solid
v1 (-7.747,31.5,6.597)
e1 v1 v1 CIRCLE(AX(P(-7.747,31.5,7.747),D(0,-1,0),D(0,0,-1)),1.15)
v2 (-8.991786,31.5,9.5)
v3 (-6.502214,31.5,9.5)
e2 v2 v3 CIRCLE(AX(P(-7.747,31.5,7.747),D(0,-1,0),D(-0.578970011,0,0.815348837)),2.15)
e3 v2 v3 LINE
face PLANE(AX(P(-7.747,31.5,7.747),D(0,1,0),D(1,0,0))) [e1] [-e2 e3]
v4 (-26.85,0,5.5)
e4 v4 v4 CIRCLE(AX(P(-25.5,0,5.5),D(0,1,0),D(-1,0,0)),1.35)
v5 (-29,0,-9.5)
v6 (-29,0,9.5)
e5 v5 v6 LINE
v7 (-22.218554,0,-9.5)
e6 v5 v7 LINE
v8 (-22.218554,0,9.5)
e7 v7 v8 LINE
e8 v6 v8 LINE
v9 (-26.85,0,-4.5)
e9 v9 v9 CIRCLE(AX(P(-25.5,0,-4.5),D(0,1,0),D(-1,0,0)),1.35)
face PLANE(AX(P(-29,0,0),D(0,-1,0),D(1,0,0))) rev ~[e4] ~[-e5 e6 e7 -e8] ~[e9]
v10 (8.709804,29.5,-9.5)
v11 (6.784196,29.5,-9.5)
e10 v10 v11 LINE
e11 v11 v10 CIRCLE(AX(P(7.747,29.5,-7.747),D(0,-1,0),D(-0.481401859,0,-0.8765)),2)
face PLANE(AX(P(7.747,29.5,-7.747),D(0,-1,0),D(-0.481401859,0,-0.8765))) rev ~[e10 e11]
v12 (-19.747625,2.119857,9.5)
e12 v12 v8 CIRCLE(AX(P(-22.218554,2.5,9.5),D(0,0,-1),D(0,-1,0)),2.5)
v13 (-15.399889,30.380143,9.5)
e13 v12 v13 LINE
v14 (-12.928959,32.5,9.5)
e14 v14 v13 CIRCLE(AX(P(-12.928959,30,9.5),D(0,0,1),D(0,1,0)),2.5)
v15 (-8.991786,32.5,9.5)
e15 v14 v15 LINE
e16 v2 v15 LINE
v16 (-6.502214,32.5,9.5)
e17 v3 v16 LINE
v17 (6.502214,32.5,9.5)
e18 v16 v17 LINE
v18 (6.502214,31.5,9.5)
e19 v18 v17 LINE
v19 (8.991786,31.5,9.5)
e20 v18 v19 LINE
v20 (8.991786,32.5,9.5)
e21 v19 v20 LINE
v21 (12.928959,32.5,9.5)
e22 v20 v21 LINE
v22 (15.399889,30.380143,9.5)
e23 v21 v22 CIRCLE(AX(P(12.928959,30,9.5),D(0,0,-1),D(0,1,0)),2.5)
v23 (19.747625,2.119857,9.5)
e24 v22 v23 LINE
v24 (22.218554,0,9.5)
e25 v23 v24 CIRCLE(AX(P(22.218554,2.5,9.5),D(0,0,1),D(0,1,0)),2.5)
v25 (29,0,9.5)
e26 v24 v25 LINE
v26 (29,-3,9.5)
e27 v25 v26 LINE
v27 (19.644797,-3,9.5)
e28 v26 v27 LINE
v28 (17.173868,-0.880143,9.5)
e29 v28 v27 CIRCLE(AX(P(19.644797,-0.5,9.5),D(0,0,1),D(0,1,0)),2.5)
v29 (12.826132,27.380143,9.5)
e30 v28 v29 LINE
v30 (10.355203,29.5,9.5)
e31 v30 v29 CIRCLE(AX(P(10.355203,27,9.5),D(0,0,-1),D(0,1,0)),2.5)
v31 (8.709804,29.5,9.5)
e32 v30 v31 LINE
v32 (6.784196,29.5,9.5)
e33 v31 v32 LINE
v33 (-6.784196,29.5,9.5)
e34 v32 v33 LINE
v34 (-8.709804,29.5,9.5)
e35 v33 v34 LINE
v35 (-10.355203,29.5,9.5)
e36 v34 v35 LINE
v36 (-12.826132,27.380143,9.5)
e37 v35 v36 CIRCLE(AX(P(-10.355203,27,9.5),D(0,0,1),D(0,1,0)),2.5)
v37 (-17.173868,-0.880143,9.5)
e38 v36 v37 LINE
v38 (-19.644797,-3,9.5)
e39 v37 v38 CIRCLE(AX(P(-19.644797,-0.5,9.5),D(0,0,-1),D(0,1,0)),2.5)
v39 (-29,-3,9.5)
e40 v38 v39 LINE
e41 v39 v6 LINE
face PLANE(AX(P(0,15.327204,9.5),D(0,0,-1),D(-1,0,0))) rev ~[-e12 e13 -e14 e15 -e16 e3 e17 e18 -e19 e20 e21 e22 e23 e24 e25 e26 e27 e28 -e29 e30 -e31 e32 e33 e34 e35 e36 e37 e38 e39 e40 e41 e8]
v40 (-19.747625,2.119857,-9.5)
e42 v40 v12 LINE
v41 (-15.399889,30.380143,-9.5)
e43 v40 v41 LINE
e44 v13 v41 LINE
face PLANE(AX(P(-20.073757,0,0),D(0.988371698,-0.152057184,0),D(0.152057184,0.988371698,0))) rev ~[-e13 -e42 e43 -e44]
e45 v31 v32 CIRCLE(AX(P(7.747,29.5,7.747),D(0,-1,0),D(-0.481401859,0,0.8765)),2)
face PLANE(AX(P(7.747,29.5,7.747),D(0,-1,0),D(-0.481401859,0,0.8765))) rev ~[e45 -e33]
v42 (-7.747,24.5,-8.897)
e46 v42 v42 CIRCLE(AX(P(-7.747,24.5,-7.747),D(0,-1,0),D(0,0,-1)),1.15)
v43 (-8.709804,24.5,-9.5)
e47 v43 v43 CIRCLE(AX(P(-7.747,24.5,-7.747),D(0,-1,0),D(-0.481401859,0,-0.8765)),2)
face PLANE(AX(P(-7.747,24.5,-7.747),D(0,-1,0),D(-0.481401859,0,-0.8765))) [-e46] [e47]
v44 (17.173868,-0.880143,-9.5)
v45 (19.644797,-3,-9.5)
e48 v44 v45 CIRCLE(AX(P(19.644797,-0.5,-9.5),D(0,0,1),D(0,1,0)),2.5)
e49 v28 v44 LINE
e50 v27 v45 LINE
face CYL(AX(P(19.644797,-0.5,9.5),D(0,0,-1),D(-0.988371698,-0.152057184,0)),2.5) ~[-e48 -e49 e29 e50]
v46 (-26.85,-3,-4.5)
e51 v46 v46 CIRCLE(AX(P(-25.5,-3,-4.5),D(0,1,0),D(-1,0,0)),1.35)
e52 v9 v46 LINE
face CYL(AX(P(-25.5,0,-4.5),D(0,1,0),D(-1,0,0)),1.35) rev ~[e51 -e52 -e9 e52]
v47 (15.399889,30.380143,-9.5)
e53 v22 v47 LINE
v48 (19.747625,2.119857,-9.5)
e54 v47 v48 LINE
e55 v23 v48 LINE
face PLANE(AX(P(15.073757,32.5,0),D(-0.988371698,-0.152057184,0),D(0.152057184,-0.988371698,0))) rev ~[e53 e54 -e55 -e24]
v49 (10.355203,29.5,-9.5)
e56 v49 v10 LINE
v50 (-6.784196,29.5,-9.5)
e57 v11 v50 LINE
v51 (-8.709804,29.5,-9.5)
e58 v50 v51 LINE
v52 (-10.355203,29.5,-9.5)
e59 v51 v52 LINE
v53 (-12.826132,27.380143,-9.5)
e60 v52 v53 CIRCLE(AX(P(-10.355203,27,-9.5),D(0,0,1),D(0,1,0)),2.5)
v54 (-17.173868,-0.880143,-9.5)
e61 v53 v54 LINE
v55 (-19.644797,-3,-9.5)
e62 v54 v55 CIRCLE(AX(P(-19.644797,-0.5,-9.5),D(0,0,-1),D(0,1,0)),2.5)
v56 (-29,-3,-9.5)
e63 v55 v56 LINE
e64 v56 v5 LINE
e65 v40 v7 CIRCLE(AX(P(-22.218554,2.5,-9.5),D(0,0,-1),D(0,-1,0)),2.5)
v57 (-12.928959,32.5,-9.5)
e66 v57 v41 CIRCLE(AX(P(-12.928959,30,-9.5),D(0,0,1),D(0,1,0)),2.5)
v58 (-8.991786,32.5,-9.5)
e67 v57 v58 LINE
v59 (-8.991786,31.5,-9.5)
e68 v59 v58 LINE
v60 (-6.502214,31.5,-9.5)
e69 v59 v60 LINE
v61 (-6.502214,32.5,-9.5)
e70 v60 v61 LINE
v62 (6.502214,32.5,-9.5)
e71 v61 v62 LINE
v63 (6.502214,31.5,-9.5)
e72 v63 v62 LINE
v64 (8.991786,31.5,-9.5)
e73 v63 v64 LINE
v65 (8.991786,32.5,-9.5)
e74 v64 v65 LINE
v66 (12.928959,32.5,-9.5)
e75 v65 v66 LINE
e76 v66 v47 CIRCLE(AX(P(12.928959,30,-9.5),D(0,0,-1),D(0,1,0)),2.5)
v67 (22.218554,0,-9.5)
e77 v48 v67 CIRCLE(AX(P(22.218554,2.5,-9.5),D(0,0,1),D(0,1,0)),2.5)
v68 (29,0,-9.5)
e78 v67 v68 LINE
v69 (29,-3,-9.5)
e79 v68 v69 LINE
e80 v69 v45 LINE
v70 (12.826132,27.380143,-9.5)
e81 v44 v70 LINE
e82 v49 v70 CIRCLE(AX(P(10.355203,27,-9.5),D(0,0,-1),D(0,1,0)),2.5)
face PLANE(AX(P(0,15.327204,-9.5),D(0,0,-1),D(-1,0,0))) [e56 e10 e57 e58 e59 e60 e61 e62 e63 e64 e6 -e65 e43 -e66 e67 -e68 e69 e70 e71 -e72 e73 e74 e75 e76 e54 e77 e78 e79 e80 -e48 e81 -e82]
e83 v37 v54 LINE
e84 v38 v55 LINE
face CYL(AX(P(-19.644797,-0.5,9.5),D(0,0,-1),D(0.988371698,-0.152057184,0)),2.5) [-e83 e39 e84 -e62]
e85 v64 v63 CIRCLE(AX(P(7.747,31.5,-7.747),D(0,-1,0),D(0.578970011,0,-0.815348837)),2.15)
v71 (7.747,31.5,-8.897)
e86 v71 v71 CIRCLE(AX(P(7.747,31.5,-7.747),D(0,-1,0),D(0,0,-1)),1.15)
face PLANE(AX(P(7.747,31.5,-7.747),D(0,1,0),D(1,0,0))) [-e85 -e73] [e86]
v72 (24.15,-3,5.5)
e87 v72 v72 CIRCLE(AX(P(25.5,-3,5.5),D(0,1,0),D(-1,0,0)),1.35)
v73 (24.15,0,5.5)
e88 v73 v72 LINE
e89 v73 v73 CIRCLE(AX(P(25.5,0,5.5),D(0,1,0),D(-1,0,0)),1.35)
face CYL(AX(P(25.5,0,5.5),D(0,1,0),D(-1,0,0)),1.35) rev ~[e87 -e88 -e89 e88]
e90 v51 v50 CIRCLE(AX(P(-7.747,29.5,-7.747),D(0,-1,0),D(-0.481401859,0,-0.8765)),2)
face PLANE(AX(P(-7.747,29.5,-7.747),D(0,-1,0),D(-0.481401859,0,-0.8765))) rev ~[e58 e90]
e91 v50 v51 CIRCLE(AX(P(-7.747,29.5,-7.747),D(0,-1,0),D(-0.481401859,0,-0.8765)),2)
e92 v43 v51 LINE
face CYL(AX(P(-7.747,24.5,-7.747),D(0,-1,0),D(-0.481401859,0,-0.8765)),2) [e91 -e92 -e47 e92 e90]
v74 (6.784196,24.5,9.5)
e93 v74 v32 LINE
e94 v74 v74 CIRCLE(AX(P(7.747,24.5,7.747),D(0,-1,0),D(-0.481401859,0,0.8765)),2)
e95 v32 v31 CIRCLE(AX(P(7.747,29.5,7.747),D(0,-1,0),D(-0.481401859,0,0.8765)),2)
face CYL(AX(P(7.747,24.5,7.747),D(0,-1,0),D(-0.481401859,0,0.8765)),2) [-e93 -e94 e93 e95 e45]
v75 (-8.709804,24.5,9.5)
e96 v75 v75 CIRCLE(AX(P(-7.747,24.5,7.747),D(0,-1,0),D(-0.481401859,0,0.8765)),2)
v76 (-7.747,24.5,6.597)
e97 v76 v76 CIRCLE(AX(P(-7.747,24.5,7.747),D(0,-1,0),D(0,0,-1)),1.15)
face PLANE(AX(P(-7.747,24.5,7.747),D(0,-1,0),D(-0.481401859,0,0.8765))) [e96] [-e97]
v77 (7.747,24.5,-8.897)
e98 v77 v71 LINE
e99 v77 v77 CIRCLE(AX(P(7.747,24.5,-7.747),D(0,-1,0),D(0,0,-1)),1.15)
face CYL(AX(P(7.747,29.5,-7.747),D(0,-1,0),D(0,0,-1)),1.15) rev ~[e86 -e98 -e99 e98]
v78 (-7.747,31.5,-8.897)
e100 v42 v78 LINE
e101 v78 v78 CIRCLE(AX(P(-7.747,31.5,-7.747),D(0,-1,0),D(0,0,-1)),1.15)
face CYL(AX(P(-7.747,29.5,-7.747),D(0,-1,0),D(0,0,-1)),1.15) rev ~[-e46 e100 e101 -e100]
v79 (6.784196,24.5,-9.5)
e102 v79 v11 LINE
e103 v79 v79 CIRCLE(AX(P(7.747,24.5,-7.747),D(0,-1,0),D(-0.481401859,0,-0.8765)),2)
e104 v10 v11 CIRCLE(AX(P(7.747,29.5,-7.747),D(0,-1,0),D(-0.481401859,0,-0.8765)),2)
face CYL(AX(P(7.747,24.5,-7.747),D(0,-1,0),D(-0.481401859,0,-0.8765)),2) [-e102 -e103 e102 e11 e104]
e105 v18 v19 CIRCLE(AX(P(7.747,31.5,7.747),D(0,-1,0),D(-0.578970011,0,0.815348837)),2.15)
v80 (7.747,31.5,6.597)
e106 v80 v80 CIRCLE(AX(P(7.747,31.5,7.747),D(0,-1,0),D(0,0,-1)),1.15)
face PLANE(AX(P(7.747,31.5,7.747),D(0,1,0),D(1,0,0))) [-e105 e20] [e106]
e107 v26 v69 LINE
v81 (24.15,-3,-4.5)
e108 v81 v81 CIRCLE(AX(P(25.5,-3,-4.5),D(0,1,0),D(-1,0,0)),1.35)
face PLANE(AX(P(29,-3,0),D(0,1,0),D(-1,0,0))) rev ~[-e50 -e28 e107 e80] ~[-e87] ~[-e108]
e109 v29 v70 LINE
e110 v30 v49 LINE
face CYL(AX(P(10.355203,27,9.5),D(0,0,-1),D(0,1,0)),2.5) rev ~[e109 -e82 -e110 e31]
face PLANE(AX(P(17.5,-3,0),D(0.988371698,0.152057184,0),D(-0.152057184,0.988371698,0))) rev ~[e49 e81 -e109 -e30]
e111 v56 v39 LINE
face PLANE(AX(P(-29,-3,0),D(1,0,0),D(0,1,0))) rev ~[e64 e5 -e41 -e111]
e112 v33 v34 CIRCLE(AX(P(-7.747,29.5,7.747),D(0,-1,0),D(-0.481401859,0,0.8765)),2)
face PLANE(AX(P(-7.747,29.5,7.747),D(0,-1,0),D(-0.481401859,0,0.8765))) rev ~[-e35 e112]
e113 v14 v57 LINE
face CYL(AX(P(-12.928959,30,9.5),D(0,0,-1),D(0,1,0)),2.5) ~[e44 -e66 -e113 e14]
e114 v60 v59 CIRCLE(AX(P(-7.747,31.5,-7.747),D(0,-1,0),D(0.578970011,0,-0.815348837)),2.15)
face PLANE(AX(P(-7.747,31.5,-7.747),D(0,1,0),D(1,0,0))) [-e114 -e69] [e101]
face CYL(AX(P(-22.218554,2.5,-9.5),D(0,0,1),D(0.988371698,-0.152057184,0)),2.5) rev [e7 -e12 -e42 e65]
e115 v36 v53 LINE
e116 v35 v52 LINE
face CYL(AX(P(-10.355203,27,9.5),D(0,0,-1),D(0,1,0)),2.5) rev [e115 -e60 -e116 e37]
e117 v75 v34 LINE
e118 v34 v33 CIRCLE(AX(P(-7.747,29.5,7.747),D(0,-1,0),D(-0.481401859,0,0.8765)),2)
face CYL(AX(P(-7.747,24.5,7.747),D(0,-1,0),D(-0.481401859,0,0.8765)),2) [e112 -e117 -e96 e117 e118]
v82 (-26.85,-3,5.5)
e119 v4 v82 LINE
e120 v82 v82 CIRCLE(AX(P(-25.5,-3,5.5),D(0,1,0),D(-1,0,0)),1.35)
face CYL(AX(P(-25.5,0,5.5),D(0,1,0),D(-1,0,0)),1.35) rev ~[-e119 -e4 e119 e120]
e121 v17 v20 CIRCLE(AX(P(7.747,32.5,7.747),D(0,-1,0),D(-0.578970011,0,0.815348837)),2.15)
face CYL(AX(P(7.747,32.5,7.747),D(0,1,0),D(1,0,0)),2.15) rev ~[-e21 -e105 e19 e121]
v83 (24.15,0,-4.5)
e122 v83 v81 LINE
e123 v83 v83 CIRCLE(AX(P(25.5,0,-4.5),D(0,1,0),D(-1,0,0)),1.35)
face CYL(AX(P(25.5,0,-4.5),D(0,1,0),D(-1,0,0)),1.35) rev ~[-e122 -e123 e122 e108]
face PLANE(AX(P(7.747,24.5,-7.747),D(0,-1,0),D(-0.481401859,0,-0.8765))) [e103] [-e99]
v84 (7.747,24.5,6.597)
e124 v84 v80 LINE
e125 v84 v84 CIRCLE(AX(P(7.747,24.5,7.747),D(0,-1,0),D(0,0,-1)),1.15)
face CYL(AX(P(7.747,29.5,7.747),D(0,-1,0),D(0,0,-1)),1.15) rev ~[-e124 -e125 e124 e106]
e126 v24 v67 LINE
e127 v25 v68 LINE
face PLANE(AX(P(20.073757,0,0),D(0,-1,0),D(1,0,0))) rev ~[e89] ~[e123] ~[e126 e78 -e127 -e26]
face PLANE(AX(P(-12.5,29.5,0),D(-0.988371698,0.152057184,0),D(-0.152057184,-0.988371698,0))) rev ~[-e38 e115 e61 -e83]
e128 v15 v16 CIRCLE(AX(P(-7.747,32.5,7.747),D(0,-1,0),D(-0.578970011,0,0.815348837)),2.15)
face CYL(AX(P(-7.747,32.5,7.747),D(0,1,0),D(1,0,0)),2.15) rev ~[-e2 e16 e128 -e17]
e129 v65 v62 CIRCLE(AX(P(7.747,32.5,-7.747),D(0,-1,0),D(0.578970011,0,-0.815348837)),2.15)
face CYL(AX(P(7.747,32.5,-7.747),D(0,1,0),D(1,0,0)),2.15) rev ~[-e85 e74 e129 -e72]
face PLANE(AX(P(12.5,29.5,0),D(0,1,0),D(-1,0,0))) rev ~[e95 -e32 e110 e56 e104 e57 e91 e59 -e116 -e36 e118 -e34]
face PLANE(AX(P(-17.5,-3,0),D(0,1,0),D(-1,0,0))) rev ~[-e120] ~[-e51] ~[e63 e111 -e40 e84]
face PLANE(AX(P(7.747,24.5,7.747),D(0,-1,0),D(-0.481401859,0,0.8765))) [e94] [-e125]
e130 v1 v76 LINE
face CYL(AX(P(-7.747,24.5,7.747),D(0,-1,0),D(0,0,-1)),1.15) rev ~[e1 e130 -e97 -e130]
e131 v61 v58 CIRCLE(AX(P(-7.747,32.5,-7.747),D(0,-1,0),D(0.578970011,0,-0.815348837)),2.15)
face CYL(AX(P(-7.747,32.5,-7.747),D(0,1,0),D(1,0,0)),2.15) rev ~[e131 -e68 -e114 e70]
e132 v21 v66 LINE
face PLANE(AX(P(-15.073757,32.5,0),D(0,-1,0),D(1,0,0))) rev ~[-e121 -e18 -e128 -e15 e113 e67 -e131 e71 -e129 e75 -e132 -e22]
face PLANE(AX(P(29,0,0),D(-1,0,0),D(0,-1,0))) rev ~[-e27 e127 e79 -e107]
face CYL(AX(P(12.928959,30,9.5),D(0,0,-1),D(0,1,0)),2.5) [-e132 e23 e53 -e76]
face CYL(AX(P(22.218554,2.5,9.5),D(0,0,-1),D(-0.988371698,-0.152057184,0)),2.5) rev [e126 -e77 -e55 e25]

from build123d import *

# Parameters (mm, degrees)
EXTRUDE_1_DEPTH     = 9.5
SKETCH_2_R          = 1.15
CUT_EXTRUDE_1_DEPTH = 45.58138625
EXTRUDE_START       = 5
SKETCH_3_R          = 2
SKETCH_3_R_2        = 1.15
EXTRUDE_2_DEPTH     = 5
SKETCH_4_R          = 1.35
CUT_EXTRUDE_2_DEPTH = 45.634672722
FILLET_1_R          = 2.5
SKETCH_5_R          = 2.15
CUT_EXTRUDE_3_DEPTH = 1


with BuildPart() as part:
    # 草图1 → 凸台-拉伸1 (new, symmetric)
    with BuildSketch(Plane.XY):
        Polygon((-20.07375687, 0), (-15.07375687, 32.5), (15.07375687, 32.5), (20.07375687, 0), (29, 0), (29, -3), (17.5, -3), (12.5, 29.5), (-12.5, 29.5), (-17.5, -3), (-29, -3), (-29, 0), align=None)
    extrude(amount=EXTRUDE_1_DEPTH, both=True)

    # 草图2 → 切除-拉伸1 (cut, through all)
    with BuildSketch(Plane.XZ.offset(-29.5)):
        with Locations(Location((-7.747, 7.747, 0), (0, 0, 270))):
            Circle(SKETCH_2_R)
        with Locations(Location((7.747, 7.747, 0), (0, 0, 270))):
            Circle(SKETCH_2_R)
        with Locations(Location((7.747, -7.747, 0), (0, 0, 270))):
            Circle(SKETCH_2_R)
        with Locations(Location((-7.747, -7.747, 0), (0, 0, 270))):
            Circle(SKETCH_2_R)
    extrude(amount=-CUT_EXTRUDE_1_DEPTH, mode=Mode.SUBTRACT)

    # 草图3 → 凸台-拉伸2 (add)
    # profile 1 of 4: a face of its own
    with BuildSketch(Plane.XZ.offset(-29.5).offset(EXTRUDE_START)):
        with Locations(Location((-7.747, 7.747, 0), (0, 0, 118.776999733))):
            Circle(SKETCH_3_R)
        with Locations(Location((-7.747, 7.747, 0), (0, 0, 270))):
            Circle(SKETCH_3_R_2, mode=Mode.SUBTRACT)
    # profile 2 of 4: a face of its own
    with BuildSketch(Plane.XZ.offset(-29.5).offset(EXTRUDE_START)):
        with Locations(Location((7.747, 7.747, 0), (0, 0, 118.776999733))):
            Circle(SKETCH_3_R)
        with Locations(Location((7.747, 7.747, 0), (0, 0, 270))):
            Circle(SKETCH_3_R_2, mode=Mode.SUBTRACT)
    # profile 3 of 4: a face of its own
    with BuildSketch(Plane.XZ.offset(-29.5).offset(EXTRUDE_START)):
        with Locations(Location((7.747, -7.747, 0), (0, 0, 241.223000267))):
            Circle(SKETCH_3_R)
        with Locations(Location((7.747, -7.747, 0), (0, 0, 270))):
            Circle(SKETCH_3_R_2, mode=Mode.SUBTRACT)
    # profile 4 of 4: a face of its own
    with BuildSketch(Plane.XZ.offset(-29.5).offset(EXTRUDE_START)):
        with Locations(Location((-7.747, -7.747, 0), (0, 0, 241.223000267))):
            Circle(SKETCH_3_R)
        with Locations(Location((-7.747, -7.747, 0), (0, 0, 270))):
            Circle(SKETCH_3_R_2, mode=Mode.SUBTRACT)
    extrude(amount=-EXTRUDE_2_DEPTH)

    # 草图4 → 切除-拉伸2 (cut, through all)
    with BuildSketch(Plane(origin=(0, 0, 0), x_dir=(1, 0, 0), z_dir=(0, 1, 0))):
        with Locations(Location((-25.5, 4.5, 0), (0, 0, 180))):
            Circle(SKETCH_4_R)
        with Locations(Location((-25.5, -5.5, 0), (0, 0, 180))):
            Circle(SKETCH_4_R)
        with Locations(Location((25.5, 4.5, 0), (0, 0, 180))):
            Circle(SKETCH_4_R)
        with Locations(Location((25.5, -5.5, 0), (0, 0, 180))):
            Circle(SKETCH_4_R)
    extrude(amount=-CUT_EXTRUDE_2_DEPTH, mode=Mode.SUBTRACT)

    # 圆角1
    fillet_1_edges = [part.edges().sort_by_distance(p)[0] for p in [
        (-20.07375687, 0, 0),
        (-15.07375687, 32.5, 0),
        (15.07375687, 32.5, 0),
        (20.07375687, 0, 0),
        (17.5, -3, 0),
        (12.5, 29.5, 0),
        (-12.5, 29.5, 0),
        (-17.5, -3, 0),
    ]]
    fillet(fillet_1_edges, radius=FILLET_1_R)

    # 草图5 → 切除-拉伸3 (cut)
    with BuildSketch(Plane(origin=(0, 32.5, 0), x_dir=(1, 0, 0), z_dir=(0, 1, 0))):
        with Locations((-7.747, -7.747)):
            Circle(SKETCH_5_R)
        with Locations((7.747, -7.747)):
            Circle(SKETCH_5_R)
        with Locations((7.747, 7.747)):
            Circle(SKETCH_5_R)
        with Locations((-7.747, 7.747)):
            Circle(SKETCH_5_R)
    extrude(amount=-CUT_EXTRUDE_3_DEPTH, mode=Mode.SUBTRACT)


solid = part.part
